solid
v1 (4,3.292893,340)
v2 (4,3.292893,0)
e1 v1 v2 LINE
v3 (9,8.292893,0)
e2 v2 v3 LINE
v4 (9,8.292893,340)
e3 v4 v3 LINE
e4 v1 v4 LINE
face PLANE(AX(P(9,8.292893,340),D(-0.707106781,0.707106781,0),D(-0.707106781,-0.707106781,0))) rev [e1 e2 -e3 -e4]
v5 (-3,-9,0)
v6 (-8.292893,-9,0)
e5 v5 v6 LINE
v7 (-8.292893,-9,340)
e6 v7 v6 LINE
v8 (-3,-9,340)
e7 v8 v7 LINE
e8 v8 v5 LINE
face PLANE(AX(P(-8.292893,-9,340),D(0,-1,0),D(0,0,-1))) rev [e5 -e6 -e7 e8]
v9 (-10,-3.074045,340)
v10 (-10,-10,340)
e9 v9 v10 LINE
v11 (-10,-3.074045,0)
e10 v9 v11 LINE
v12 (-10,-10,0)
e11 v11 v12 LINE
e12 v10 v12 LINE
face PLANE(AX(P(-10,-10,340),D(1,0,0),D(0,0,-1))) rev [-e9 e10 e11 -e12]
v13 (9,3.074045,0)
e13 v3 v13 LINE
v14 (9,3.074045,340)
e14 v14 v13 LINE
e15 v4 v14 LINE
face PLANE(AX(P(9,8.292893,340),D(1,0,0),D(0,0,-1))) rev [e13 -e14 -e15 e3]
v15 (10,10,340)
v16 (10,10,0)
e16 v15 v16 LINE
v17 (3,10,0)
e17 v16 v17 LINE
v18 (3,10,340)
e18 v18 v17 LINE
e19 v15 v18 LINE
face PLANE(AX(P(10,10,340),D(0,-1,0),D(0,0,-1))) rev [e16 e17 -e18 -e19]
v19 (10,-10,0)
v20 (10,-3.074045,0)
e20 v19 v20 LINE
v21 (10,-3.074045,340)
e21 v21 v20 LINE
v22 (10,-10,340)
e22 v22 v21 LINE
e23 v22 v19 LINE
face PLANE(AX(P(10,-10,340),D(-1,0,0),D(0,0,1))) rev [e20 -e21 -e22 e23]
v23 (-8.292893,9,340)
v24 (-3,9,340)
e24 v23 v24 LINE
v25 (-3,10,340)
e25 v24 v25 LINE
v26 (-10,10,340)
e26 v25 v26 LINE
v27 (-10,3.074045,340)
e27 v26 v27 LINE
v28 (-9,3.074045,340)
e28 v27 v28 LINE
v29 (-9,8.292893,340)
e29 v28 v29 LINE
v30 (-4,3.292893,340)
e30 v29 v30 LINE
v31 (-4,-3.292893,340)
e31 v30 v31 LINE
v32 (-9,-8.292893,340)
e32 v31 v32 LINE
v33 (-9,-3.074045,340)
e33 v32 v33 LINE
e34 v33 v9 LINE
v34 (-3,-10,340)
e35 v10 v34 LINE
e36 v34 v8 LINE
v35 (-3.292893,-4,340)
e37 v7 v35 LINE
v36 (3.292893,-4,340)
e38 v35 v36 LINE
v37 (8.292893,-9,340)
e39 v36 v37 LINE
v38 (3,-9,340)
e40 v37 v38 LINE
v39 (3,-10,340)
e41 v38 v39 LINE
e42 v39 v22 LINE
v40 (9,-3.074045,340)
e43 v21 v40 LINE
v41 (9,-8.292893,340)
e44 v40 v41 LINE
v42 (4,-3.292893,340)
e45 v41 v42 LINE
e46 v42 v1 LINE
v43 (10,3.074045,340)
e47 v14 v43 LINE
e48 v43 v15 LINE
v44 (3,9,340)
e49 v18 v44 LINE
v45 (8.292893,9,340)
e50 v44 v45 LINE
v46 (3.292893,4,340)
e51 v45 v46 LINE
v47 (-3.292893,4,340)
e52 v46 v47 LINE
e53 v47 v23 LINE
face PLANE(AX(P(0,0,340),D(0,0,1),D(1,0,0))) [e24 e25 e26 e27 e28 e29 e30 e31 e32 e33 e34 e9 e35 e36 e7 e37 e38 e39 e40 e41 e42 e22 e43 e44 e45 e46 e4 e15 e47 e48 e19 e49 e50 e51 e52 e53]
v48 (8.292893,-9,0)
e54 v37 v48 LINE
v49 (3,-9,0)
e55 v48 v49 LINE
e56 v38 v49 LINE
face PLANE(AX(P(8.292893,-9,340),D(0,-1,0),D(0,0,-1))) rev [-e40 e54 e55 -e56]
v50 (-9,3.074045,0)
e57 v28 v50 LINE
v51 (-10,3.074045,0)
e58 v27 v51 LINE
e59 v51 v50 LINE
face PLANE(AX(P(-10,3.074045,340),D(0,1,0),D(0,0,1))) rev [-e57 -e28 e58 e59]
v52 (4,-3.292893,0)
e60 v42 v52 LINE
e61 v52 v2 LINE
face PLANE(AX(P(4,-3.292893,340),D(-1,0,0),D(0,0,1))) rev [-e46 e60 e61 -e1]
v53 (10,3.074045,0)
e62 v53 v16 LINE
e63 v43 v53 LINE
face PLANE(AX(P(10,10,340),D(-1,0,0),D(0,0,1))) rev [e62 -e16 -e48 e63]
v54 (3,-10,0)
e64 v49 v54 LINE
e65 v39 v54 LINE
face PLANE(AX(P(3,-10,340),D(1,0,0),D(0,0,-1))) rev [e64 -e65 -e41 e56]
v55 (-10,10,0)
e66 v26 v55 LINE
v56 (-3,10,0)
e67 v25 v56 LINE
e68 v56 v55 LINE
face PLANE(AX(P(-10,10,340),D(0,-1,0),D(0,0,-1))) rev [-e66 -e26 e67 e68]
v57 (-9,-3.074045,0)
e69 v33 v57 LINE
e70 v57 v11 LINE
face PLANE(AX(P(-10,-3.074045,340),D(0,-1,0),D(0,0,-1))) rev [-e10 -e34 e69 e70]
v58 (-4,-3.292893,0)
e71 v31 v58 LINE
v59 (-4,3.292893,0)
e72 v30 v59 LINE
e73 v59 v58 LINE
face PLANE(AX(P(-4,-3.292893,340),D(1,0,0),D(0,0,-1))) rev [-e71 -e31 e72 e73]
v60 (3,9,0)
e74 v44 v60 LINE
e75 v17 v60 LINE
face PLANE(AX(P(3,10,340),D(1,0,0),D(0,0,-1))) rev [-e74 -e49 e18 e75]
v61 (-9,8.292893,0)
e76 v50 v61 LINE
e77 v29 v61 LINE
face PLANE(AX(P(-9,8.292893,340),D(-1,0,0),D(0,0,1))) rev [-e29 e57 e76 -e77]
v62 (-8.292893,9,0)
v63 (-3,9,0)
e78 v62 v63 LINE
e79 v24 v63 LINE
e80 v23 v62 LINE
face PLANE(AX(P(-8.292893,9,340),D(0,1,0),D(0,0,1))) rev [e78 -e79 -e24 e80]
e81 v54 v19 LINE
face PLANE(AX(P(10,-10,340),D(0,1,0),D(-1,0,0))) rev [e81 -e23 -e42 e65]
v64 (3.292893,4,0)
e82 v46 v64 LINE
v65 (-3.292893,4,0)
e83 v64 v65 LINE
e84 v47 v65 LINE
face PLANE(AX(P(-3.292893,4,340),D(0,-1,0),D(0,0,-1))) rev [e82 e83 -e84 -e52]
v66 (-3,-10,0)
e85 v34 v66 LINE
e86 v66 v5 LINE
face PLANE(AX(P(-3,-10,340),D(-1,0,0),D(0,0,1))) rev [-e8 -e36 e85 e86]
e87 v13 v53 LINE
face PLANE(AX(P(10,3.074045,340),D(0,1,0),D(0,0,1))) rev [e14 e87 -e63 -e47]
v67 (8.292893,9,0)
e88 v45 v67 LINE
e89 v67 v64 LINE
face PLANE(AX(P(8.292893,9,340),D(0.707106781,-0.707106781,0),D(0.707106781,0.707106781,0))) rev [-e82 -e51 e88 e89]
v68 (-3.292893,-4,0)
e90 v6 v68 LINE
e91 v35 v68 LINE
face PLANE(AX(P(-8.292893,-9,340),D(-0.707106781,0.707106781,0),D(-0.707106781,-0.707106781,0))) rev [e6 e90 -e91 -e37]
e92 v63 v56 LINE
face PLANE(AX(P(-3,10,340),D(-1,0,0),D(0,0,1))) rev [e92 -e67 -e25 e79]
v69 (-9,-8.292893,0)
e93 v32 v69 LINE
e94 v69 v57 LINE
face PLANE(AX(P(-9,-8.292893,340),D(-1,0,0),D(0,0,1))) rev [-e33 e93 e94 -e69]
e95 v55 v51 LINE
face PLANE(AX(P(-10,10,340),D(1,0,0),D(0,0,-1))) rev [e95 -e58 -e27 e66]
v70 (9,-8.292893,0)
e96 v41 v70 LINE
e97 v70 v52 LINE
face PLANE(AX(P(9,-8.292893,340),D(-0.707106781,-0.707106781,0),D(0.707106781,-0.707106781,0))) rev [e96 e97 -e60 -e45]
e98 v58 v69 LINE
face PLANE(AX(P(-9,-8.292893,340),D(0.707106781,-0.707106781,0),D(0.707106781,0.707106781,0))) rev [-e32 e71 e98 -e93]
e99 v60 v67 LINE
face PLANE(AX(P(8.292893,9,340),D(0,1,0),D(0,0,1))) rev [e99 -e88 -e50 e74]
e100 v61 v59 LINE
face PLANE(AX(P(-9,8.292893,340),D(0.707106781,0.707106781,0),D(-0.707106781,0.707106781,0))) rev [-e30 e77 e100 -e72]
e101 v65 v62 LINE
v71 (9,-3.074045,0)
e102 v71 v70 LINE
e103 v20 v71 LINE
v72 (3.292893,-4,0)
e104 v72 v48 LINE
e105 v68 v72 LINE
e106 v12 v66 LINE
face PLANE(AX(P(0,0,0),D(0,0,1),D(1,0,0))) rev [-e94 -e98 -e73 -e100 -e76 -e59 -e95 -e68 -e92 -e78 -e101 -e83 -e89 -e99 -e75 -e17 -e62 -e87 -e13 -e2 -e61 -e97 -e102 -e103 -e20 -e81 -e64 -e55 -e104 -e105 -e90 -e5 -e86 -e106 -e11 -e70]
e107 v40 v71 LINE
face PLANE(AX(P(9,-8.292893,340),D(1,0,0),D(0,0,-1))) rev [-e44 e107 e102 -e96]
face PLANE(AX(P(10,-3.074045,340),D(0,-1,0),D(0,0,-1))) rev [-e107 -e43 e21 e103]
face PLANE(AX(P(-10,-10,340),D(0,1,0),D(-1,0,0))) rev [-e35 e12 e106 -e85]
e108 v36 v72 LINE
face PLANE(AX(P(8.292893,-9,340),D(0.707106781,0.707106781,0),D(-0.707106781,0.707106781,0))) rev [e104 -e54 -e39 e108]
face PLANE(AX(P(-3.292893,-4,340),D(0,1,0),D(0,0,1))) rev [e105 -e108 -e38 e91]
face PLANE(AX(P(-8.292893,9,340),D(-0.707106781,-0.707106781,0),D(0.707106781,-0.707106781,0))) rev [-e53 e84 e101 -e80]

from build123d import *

# Parameters (mm, degrees)
BOSS_EXTRUDE1_DEPTH = 340


with BuildPart() as part:
    # Sketch2 → Boss-Extrude1 (new body)
    with BuildSketch(Plane.XY):
        Polygon((-10, 10), (-3, 10), (-3, 9), (-8.292893219, 9), (-3.292893219, 4), (3.292893219, 4), (8.292893219, 9), (3, 9), (3, 10), (10, 10), (10, 3.074044586), (9, 3.074044586), (9, 8.292893219), (4, 3.292893219), (4, -3.292893219), (9, -8.292893219), (9, -3.074044586), (10, -3.074044586), (10, -10), (3, -10), (3, -9), (8.292893219, -9), (3.292893219, -4), (-3.292893219, -4), (-8.292893219, -9), (-3, -9), (-3, -10), (-10, -10), (-10, -3.074044586), (-9, -3.074044586), (-9, -8.292893219), (-4, -3.292893219), (-4, 3.292893219), (-9, 8.292893219), (-9, 3.074044586), (-10, 3.074044586), align=None)
    extrude(amount=BOSS_EXTRUDE1_DEPTH)


solid = part.part
